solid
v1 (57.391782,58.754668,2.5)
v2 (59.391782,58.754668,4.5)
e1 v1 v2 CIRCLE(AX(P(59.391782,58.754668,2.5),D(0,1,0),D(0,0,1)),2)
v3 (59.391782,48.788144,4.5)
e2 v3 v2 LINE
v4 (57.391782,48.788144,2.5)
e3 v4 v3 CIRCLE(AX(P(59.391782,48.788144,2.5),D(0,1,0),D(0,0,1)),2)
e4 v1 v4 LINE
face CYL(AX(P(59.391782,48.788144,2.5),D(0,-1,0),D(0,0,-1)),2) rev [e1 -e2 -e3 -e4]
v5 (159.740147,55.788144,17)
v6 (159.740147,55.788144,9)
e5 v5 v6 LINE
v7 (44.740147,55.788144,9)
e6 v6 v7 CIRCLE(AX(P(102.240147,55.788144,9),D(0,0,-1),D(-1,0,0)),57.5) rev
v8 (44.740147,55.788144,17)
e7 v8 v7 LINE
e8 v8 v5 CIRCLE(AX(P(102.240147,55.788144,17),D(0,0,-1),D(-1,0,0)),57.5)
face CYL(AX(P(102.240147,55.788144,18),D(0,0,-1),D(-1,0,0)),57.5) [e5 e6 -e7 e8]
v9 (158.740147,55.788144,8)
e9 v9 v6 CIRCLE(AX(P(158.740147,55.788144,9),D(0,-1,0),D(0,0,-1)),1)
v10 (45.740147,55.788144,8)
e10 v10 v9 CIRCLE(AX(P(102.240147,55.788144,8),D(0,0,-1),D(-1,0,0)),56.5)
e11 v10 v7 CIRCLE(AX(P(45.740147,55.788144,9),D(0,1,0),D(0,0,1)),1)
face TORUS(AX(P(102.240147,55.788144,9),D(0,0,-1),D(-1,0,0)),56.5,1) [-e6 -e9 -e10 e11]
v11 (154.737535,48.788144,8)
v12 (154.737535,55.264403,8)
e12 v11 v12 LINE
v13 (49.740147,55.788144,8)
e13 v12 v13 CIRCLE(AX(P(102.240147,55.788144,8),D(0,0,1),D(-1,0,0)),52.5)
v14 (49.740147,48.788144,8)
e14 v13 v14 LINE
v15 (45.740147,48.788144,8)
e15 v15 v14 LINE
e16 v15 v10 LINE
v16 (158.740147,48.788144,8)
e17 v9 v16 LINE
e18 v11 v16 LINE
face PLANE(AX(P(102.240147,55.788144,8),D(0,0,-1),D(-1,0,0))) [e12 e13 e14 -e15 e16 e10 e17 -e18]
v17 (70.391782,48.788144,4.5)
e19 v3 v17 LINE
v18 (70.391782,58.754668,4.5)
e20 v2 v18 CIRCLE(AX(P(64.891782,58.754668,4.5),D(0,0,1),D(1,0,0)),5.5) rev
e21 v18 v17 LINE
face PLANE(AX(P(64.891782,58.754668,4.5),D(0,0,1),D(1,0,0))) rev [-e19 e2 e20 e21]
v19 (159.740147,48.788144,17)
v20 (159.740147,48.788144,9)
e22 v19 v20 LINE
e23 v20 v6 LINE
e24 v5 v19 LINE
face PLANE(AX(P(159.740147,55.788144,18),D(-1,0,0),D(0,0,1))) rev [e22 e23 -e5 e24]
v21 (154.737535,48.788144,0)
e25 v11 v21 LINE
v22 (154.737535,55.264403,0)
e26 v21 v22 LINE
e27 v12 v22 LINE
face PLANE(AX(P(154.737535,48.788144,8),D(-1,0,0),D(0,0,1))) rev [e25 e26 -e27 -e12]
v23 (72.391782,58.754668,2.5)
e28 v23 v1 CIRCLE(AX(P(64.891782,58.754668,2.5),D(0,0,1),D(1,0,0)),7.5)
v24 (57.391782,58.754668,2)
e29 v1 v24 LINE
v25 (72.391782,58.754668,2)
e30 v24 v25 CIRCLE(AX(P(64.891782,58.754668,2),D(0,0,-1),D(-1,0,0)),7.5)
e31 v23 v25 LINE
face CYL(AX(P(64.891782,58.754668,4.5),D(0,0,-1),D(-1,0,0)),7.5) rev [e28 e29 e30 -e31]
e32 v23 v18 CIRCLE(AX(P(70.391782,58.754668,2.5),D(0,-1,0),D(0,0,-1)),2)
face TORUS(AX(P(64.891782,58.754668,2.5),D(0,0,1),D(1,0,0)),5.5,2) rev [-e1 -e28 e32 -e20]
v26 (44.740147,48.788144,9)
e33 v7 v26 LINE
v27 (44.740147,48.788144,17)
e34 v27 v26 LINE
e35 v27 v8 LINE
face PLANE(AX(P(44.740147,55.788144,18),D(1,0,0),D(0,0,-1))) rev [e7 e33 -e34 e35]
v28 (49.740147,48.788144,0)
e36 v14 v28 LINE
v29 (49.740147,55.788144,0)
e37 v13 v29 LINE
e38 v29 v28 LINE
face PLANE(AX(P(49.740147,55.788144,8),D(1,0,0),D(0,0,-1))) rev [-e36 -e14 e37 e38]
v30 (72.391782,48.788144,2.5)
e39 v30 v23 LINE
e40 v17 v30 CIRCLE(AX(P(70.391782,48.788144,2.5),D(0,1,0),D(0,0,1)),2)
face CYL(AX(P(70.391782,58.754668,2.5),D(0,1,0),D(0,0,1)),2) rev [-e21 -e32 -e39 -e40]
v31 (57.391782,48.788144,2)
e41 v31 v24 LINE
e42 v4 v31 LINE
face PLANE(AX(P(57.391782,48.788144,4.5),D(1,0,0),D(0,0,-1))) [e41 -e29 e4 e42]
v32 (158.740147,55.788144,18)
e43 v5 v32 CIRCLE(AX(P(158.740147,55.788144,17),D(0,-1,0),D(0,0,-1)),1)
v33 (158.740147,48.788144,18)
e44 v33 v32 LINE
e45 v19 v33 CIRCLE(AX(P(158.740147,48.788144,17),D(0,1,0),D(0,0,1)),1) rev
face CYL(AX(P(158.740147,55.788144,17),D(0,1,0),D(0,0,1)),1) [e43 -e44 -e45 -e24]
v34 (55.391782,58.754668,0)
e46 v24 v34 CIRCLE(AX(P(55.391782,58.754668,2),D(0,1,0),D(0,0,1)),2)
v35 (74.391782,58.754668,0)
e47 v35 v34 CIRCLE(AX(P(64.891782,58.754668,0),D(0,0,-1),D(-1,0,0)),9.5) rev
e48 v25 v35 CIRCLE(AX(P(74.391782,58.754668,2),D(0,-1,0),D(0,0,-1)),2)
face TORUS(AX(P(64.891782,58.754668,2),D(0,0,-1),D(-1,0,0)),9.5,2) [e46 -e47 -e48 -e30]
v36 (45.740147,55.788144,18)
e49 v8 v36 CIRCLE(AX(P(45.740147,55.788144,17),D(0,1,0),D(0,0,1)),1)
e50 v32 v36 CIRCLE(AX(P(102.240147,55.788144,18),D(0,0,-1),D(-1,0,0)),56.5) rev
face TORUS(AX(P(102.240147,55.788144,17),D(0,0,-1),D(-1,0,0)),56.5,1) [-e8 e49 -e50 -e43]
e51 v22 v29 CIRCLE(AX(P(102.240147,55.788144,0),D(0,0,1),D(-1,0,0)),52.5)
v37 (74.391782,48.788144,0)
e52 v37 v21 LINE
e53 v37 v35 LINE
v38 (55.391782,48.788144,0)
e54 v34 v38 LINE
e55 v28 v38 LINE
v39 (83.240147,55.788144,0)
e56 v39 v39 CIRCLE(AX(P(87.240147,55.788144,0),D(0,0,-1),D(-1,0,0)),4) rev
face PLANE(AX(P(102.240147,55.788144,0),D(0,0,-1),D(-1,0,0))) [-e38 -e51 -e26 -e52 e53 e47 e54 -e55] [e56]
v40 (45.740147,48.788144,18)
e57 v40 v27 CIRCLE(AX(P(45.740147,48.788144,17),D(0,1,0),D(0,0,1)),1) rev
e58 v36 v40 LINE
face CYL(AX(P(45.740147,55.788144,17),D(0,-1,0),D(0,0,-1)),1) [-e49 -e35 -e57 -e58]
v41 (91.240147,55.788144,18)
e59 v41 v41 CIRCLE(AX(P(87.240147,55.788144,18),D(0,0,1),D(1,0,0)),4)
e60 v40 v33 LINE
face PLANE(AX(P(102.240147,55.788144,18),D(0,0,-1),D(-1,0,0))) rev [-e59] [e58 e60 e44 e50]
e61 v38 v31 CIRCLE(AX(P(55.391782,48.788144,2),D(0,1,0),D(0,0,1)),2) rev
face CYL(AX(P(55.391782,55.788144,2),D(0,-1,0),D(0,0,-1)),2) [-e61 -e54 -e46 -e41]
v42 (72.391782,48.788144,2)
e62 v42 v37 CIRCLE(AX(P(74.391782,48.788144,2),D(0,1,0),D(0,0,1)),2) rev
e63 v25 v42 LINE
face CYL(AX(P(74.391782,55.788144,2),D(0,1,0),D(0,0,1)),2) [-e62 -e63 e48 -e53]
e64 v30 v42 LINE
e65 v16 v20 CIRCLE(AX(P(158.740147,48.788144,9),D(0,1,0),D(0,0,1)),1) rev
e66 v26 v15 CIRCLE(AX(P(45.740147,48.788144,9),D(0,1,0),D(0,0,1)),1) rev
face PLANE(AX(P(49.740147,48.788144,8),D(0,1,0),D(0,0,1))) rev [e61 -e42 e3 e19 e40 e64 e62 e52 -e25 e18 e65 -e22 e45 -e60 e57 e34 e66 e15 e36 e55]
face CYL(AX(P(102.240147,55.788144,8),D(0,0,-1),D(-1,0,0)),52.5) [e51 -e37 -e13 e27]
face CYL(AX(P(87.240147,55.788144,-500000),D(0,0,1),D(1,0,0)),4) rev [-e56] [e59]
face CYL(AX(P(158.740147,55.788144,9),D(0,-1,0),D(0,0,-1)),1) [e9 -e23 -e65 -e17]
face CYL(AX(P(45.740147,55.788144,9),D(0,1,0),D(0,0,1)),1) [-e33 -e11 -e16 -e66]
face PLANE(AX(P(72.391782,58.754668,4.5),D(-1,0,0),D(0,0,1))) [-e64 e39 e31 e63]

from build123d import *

# Parameters (mm, degrees)
BOSS_EXTRUDE1_DEPTH = 8
BOSS_EXTRUDE2_DEPTH = 10
CUT_EXTRUDE1_REACH  = 20
SKETCH3_R           = 4
FILLET1_R           = 1
CUT_EXTRUDE3_DEPTH  = 4.5
FILLET2_R           = 2


with BuildPart() as part:
    # Sketch1 → Boss-Extrude1 (new body)
    with BuildSketch(Plane.XY):
        with BuildLine():
            Line((49.740147273, 55.788144293), (49.740147273, 48.788144293))
            Line((49.740147273, 48.788144293), (154.737534778, 48.788144293))
            Line((154.737534778, 48.788144293), (154.737534778, 55.264402854))
            ThreePointArc((154.737534778, 55.264402854), (102.50202125, 108.287491165), (49.740147273, 55.788144293))
        make_face()
    extrude(amount=BOSS_EXTRUDE1_DEPTH)

    # Sketch2 → Boss-Extrude2 (add)
    with BuildSketch(Plane.XY.offset(8)):
        with BuildLine():
            Line((159.740147273, 55.788144293), (159.740147273, 48.788144293))
            Line((159.740147273, 48.788144293), (44.740147273, 48.788144293))
            Line((44.740147273, 48.788144293), (44.740147273, 55.788144293))
            ThreePointArc((44.740147273, 55.788144293), (102.240147273, 113.288144293), (159.740147273, 55.788144293))
        make_face()
    extrude(amount=BOSS_EXTRUDE2_DEPTH)

    # Sketch3 → Cut-Extrude1 (cut, up to next)
    with BuildSketch(Plane.XY.offset(18), mode=Mode.PRIVATE) as cut_extrude1_sk1:
        with Locations((87.240147273, 55.788144293)):
            Circle(SKETCH3_R)
    cut_extrude1_tool1 = extrude(cut_extrude1_sk1.sketch, amount=-CUT_EXTRUDE1_REACH, mode=Mode.PRIVATE) & part.part
    add(cut_extrude1_tool1.solids().sort_by_distance((87.240147, 55.788144, 18))[0], mode=Mode.SUBTRACT)

    # Fillet1
    fillet1_edges = [part.edges().sort_by_distance(p)[0] for p in [
        (159.740147273, 52.288144293, 8),
        (44.740147273, 52.288144293, 8),
        (159.740147273, 52.288144293, 18),
        (44.740147273, 52.288144293, 18),
        (102.240147273, 113.288144293, 8),
        (102.240147273, 113.288144293, 18),
    ]]
    fillet(fillet1_edges, radius=FILLET1_R)

    # Sketch6 → Cut-Extrude3 (cut)
    with BuildSketch(Plane.XY):
        with BuildLine():
            Line((72.39178204, 48.788144293), (57.39178204, 48.788144293))
            Line((57.39178204, 48.788144293), (57.39178204, 58.754668066))
            ThreePointArc((57.39178204, 58.754668066), (64.89178204, 66.254668066), (72.39178204, 58.754668066))
            Line((72.39178204, 58.754668066), (72.39178204, 48.788144293))
        make_face()
    extrude(amount=CUT_EXTRUDE3_DEPTH, mode=Mode.SUBTRACT)

    # Fillet2
    fillet2_edges = [part.edges().sort_by_distance(p)[0] for p in [
        (64.89178204, 66.254668066, 0),
        (57.39178204, 53.771406179, 0),
        (72.39178204, 53.771406179, 0),
        (64.89178204, 66.254668066, 4.5),
        (57.39178204, 53.771406179, 4.5),
        (72.39178204, 53.771406179, 4.5),
    ]]
    fillet(fillet2_edges, radius=FILLET2_R)


solid = part.part
